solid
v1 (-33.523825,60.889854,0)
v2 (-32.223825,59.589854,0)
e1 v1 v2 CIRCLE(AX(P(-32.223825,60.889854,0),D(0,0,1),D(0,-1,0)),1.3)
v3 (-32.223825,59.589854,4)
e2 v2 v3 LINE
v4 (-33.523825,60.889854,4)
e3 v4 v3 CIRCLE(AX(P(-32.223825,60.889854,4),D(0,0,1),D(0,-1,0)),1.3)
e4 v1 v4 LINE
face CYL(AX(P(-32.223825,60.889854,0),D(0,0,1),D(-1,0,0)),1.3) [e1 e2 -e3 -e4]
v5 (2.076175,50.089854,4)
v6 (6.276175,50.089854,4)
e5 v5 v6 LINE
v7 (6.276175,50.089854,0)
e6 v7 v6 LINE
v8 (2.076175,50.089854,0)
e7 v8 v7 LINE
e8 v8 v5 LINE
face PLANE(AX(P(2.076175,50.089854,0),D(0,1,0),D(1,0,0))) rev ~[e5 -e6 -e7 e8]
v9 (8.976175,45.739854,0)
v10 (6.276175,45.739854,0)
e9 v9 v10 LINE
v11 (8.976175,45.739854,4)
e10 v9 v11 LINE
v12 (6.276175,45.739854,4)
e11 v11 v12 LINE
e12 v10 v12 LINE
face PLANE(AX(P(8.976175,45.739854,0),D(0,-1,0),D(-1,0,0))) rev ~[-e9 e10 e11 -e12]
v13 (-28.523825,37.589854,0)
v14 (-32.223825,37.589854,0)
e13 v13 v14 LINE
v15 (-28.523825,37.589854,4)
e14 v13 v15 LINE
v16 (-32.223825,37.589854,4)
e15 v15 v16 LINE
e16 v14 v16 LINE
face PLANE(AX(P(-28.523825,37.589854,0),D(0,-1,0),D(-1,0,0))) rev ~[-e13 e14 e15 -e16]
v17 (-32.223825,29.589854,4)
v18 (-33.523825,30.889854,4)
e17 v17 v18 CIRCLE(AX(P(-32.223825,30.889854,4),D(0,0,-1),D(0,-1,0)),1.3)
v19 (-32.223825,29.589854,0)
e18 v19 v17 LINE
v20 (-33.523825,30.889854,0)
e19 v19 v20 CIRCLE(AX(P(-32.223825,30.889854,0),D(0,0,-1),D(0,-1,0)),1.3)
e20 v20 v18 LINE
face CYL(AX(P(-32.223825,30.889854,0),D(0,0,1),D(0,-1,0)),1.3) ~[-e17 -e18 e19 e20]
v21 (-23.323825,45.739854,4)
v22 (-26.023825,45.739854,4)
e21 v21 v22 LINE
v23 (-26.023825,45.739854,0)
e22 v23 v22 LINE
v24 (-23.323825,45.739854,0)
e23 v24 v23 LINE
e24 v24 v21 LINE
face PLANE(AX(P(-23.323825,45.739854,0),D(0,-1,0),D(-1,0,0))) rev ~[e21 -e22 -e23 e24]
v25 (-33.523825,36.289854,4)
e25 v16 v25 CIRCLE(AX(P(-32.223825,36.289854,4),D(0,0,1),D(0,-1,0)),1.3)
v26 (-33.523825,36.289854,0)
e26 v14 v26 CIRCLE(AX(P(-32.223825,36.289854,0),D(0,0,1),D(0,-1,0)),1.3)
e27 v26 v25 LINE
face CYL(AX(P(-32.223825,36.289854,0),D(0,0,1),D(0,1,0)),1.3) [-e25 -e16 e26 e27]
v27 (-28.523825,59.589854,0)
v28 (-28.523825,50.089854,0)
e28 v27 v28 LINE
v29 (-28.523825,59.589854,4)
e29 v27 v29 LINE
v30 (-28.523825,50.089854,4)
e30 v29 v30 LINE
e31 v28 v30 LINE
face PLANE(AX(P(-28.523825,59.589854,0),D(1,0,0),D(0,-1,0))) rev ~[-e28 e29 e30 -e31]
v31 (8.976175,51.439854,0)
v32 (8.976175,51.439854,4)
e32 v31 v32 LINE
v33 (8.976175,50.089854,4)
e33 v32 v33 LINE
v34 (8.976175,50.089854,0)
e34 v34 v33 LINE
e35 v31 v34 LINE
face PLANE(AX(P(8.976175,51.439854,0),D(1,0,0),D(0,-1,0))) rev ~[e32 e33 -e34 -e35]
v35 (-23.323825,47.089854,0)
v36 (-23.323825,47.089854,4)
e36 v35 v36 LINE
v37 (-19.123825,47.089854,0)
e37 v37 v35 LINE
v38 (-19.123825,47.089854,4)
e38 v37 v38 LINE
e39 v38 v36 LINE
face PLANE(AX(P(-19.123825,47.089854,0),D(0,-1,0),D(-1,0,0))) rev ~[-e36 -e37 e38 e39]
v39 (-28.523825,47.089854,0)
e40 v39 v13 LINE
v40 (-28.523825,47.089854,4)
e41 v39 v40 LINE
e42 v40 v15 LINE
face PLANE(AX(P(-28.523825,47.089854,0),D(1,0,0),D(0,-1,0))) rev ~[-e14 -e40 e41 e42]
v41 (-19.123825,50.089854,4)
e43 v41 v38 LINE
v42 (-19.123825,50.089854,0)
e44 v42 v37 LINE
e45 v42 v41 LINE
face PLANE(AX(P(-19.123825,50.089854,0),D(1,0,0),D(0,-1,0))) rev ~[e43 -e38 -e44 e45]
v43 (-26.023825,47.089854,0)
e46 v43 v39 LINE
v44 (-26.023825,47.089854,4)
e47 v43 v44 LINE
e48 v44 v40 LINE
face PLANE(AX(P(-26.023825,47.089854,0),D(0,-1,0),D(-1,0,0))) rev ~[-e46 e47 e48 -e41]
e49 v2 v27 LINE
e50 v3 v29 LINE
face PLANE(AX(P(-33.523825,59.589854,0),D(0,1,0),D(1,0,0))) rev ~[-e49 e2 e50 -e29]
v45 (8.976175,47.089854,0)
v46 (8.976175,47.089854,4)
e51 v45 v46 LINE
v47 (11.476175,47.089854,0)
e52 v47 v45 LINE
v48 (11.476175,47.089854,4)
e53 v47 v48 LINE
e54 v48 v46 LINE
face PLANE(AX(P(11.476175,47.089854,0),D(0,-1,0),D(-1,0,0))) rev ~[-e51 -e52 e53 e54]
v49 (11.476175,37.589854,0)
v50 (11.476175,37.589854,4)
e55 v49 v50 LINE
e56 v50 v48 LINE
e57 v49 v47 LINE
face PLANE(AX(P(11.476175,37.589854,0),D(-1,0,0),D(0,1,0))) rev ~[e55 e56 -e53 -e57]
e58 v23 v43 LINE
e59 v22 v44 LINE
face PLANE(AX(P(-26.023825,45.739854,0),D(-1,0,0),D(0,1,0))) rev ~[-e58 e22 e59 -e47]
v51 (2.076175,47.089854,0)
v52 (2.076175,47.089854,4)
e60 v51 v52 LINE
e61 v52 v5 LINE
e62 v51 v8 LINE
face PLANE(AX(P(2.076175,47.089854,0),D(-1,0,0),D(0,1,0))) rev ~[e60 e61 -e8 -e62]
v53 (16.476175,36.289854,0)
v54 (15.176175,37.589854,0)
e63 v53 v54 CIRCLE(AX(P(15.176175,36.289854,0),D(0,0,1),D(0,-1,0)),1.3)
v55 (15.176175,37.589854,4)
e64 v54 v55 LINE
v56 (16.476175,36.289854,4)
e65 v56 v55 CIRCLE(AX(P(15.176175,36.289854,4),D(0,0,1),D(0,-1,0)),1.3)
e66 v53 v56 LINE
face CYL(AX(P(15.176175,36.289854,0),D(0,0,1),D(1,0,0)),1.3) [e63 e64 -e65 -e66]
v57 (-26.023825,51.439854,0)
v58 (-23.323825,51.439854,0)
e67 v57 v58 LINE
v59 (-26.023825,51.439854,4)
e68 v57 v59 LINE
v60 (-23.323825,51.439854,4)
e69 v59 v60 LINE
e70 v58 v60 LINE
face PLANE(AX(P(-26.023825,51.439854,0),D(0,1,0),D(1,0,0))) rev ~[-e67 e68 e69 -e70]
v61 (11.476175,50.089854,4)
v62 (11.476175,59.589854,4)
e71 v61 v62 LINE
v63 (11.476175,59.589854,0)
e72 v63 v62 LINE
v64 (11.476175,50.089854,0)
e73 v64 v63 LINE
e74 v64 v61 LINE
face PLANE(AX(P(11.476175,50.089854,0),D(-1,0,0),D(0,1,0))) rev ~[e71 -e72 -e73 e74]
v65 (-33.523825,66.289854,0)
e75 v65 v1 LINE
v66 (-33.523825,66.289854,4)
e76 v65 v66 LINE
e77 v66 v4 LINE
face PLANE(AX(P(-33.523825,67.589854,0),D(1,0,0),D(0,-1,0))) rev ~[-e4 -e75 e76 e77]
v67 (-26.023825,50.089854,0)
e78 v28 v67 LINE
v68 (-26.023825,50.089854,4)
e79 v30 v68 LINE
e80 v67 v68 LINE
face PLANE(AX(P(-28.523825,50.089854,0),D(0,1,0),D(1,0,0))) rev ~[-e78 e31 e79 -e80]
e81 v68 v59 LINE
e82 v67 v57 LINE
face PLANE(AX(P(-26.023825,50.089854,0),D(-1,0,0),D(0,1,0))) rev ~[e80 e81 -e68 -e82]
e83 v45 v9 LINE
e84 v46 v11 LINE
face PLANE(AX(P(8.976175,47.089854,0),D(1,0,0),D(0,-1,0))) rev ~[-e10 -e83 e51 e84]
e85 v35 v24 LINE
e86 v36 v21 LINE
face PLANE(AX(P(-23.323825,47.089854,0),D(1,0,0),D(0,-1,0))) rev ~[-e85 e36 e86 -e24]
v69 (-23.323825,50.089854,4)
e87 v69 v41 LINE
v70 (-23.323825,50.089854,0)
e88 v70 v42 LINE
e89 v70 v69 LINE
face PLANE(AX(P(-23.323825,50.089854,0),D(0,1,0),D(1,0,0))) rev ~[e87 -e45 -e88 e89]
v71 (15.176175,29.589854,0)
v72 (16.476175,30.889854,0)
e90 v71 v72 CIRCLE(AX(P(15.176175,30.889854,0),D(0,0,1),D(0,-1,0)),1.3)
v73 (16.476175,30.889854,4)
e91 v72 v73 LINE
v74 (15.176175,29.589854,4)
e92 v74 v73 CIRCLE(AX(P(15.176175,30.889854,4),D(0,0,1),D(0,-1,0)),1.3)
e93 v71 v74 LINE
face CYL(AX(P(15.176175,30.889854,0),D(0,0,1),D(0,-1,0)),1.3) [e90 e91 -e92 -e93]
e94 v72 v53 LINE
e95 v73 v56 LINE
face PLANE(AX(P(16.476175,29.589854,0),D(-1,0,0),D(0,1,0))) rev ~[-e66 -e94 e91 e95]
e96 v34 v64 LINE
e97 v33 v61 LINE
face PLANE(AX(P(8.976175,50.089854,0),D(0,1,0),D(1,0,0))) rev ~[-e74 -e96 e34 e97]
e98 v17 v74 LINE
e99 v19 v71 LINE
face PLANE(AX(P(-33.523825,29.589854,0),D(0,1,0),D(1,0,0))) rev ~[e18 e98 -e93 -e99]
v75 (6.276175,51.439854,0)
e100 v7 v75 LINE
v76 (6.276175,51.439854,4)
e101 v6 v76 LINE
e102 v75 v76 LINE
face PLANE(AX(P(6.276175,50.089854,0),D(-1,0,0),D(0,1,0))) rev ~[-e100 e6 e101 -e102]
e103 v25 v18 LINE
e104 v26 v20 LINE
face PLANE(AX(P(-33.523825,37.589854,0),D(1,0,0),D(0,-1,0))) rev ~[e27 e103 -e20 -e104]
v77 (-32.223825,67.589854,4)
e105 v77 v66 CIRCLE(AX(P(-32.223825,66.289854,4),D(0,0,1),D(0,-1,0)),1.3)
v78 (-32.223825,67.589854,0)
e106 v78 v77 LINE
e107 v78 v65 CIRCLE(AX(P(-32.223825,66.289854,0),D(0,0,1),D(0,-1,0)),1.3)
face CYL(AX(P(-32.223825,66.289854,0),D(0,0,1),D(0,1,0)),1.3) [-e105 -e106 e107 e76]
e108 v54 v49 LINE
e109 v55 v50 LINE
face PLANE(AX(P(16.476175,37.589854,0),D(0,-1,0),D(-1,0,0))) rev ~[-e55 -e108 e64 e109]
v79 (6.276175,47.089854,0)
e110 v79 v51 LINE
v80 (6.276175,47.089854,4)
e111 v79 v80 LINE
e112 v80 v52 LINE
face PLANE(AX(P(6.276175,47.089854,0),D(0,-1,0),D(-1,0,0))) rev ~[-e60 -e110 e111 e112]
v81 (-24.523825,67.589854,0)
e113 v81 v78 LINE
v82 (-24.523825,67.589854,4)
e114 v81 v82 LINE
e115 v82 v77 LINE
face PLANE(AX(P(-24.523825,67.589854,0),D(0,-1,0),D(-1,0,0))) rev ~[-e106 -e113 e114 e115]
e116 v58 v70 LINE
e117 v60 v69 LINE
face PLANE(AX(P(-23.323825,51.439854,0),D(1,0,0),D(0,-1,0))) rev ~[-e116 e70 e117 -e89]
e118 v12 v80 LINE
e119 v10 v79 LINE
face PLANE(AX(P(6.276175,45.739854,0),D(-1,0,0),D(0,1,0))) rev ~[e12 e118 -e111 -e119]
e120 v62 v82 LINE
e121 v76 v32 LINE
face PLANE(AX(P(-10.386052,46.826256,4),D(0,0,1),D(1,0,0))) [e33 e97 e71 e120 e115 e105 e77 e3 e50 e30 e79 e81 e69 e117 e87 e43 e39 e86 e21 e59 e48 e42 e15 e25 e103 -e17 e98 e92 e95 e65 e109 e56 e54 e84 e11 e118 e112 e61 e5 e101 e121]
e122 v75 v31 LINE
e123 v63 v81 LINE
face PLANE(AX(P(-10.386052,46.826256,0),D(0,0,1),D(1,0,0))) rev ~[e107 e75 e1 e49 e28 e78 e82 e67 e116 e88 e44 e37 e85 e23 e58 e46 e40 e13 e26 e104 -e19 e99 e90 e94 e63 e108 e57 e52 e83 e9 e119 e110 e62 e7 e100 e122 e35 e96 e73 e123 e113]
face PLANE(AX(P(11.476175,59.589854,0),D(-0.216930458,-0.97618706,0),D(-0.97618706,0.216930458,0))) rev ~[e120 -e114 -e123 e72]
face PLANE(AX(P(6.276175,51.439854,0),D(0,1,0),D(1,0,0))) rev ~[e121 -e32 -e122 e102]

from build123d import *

# Parameters (mm, degrees)
EXTRUDE_1_DEPTH = 4
FILLET_1_R      = 1.3


with BuildPart() as part:
    # 草图1 → 凸台-拉伸1 (new body)
    with BuildSketch(Plane.XY):
        Polygon((-33.523824953, 29.589854129), (-28.523824953, 29.589854129), (11.476175047, 29.589854129), (16.476175047, 29.589854129), (16.476175047, 37.589854129), (11.476175047, 37.589854129), (11.476175047, 47.089854129), (8.976175047, 47.089854129), (8.976175047, 45.739854129), (6.276175047, 45.739854129), (6.276175047, 47.089854129), (2.076175047, 47.089854129), (2.076175047, 50.089854129), (6.276175047, 50.089854129), (6.276175047, 51.439854129), (8.976175047, 51.439854129), (8.976175047, 50.089854129), (11.476175047, 50.089854129), (11.476175047, 59.589854129), (-24.523824953, 67.589854129), (-28.523824953, 67.589854129), (-33.523824953, 67.589854129), (-33.523824953, 59.589854129), (-28.523824953, 59.589854129), (-28.523824953, 50.089854129), (-26.023824953, 50.089854129), (-26.023824953, 51.439854129), (-23.323824953, 51.439854129), (-23.323824953, 50.089854129), (-19.123824953, 50.089854129), (-19.123824953, 47.089854129), (-23.323824953, 47.089854129), (-23.323824953, 45.739854129), (-26.023824953, 45.739854129), (-26.023824953, 47.089854129), (-28.523824953, 47.089854129), (-28.523824953, 37.589854129), (-33.523824953, 37.589854129), align=None)
    extrude(amount=EXTRUDE_1_DEPTH)

    # 圆角1
    fillet_1_edges = [part.edges().sort_by_distance(p)[0] for p in [
        (-33.523824953, 59.589854129, 2),
        (-33.523824953, 67.589854129, 2),
        (16.476175047, 37.589854129, 2),
        (16.476175047, 29.589854129, 2),
        (-33.523824953, 29.589854129, 2),
        (-33.523824953, 37.589854129, 2),
    ]]
    fillet(fillet_1_edges, radius=FILLET_1_R)


solid = part.part
